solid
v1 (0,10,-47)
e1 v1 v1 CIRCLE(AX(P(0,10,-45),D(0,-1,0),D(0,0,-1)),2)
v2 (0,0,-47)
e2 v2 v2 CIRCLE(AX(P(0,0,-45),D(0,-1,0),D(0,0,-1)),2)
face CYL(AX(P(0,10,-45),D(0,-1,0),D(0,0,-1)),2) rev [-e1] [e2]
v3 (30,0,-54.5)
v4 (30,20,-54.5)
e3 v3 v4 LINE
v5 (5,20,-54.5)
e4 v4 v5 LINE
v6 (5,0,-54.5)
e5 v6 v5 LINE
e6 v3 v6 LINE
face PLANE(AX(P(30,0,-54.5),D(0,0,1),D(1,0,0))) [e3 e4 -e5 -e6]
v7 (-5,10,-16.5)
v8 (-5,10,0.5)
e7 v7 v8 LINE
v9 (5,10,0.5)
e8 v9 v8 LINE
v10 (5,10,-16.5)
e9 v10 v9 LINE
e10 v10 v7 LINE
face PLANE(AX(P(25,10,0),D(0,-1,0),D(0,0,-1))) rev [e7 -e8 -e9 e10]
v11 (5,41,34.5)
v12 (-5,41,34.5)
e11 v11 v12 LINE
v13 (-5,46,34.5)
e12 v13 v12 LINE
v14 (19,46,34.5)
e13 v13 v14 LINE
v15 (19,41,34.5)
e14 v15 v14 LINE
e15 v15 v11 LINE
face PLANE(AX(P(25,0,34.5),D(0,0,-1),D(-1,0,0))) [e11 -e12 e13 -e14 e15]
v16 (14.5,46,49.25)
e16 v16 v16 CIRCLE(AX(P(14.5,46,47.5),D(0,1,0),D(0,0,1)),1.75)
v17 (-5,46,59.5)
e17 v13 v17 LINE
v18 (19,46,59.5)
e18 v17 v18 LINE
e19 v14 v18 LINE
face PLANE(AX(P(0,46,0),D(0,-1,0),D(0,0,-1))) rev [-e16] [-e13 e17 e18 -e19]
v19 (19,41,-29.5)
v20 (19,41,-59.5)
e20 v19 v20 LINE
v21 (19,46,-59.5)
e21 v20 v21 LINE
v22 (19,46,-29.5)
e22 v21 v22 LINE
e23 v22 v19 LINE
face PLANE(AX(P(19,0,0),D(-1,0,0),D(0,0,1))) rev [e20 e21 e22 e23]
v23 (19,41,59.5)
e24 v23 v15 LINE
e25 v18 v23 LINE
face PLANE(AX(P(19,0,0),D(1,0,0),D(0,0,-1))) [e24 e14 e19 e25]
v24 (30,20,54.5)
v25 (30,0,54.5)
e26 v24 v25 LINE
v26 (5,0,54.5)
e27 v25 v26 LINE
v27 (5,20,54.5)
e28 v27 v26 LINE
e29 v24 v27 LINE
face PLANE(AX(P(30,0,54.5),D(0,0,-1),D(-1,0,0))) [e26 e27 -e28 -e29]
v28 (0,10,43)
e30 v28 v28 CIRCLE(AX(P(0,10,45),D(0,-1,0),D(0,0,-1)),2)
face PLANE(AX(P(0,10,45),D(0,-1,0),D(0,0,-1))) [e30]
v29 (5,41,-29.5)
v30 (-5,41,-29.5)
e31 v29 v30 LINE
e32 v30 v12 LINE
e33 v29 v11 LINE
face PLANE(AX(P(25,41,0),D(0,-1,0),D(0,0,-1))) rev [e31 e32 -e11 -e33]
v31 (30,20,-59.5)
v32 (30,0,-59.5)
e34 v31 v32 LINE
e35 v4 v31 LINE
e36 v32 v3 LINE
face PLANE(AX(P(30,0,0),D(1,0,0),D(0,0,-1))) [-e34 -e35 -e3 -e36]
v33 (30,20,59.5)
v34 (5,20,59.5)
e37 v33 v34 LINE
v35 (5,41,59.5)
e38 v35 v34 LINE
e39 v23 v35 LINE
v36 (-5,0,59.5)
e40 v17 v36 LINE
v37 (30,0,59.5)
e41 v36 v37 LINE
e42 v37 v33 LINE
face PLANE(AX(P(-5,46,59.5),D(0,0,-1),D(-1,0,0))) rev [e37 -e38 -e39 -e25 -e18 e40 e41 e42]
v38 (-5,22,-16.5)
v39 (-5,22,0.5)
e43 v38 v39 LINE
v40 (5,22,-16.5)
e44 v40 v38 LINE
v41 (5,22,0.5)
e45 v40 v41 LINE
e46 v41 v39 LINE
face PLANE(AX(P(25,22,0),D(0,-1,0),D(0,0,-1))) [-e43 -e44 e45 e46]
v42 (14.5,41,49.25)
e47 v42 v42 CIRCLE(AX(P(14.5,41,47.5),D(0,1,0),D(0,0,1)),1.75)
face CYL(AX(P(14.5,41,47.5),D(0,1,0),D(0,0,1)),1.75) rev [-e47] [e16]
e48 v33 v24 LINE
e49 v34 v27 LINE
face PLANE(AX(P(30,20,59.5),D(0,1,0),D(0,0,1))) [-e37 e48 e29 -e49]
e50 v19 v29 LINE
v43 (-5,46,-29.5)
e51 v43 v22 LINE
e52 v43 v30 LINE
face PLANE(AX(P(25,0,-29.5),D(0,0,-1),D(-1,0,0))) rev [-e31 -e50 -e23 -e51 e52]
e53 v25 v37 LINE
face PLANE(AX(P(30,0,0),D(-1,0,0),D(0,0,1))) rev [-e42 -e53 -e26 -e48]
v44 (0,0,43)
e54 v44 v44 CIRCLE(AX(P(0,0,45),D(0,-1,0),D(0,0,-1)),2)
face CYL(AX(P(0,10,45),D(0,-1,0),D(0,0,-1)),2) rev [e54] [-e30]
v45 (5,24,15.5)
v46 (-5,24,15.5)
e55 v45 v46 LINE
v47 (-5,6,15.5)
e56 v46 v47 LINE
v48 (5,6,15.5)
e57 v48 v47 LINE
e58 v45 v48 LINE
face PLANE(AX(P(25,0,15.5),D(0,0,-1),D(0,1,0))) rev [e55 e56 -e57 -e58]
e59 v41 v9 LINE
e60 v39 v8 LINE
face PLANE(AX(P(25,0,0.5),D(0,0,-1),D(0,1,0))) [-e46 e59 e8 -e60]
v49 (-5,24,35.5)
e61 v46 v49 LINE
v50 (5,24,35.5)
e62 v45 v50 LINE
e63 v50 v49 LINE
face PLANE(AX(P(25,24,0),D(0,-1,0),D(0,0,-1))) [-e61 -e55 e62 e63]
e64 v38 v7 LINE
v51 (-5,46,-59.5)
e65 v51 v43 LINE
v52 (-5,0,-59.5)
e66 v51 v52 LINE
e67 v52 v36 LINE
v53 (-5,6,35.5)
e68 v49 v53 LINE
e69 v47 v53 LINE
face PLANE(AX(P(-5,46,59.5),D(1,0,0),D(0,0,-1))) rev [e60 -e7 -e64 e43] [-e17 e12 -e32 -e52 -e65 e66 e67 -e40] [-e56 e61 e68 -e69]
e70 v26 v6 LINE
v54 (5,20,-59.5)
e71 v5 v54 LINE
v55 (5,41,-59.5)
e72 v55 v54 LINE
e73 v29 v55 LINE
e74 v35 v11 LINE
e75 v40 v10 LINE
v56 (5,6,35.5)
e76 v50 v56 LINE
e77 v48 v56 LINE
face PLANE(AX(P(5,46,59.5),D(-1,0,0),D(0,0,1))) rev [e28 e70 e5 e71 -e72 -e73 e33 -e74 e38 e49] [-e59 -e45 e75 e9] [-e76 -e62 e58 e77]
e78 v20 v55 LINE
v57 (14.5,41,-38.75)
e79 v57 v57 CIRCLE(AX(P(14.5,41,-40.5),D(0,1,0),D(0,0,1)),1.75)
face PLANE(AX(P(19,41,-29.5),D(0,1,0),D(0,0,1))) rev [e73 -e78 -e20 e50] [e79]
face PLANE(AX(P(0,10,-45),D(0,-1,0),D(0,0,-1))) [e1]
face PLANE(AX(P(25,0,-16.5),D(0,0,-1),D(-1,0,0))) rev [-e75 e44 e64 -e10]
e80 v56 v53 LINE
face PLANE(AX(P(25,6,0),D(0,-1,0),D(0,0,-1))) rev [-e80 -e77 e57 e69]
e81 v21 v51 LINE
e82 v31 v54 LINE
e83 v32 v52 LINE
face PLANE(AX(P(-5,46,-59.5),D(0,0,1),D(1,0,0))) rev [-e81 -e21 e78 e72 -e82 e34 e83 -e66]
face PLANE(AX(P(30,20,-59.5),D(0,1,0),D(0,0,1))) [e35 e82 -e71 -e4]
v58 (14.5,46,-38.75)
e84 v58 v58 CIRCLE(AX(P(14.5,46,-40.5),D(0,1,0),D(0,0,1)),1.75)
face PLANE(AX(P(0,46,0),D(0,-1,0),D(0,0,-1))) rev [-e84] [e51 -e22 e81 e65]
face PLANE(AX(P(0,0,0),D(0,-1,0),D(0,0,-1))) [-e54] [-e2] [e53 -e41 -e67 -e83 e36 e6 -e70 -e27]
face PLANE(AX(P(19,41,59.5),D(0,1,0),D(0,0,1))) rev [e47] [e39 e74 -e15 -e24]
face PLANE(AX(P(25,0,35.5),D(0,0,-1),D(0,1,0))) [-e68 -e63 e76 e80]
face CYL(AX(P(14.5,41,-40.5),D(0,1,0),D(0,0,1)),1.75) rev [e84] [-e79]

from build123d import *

# Parameters (mm, degrees)
SKETCH1_W      = 10
SKETCH1_H      = 119
EXTRUDE1_DEPTH = 46
SKETCH2_W      = 5
SKETCH2_H      = 20
EXTRUDE2_DEPTH = 35
SKETCH3_W      = 64
SKETCH3_H      = 5
SKETCH3_W_2    = 17
SKETCH3_H_2    = 12
SKETCH3_W_3    = 20
SKETCH3_H_3    = 18
EXTRUDE3_DEPTH = 30
SKETCH4_W      = 25
SKETCH4_H      = 5
SKETCH4_W_2    = 30
EXTRUDE4_DEPTH = 14
SKETCH5_R      = 1.75
EXTRUDE5_DEPTH = 5
SKETCH7_R      = 2
EXTRUDE6_DEPTH = 10


with BuildPart() as part:
    # Sketch1 → Extrude1 (new body)
    with BuildSketch(Plane(origin=(0, 0, 0), x_dir=(1, 0, 0), z_dir=(0, 1, 0))):
        Rectangle(SKETCH1_W, SKETCH1_H)
    extrude(amount=EXTRUDE1_DEPTH)

    # Sketch2 → Extrude2 (add)
    with BuildSketch(Plane.ZY.offset(5)):
        with Locations((-57, 10)):
            Rectangle(SKETCH2_W, SKETCH2_H)
        with Locations((57, 10)):
            Rectangle(SKETCH2_W, SKETCH2_H)
    extrude(amount=-EXTRUDE2_DEPTH)

    # Sketch3 → Extrude3 (cut)
    with BuildSketch(Plane.ZY.offset(5)):
        with Locations((2.5, 43.5)):
            Rectangle(SKETCH3_W, SKETCH3_H)
        with Locations((-8, 16)):
            Rectangle(SKETCH3_W_2, SKETCH3_H_2)
        with Locations((25.5, 15)):
            Rectangle(SKETCH3_W_3, SKETCH3_H_3)
    extrude(amount=-EXTRUDE3_DEPTH, mode=Mode.SUBTRACT)

    # Sketch4 → Extrude4 (add)
    with BuildSketch(Plane(origin=(5, 0, 0), x_dir=(0, 0, -1), z_dir=(1, 0, 0))):
        with Locations((-47, 43.5)):
            Rectangle(SKETCH4_W, SKETCH4_H)
        with Locations((44.5, 43.5)):
            Rectangle(SKETCH4_W_2, SKETCH4_H)
    extrude(amount=EXTRUDE4_DEPTH)

    # Sketch5 → Extrude5 (cut)
    with BuildSketch(Plane(origin=(0, 46, 0), x_dir=(1, 0, 0), z_dir=(0, 1, 0))):
        with Locations(Location((14.5, -47.5, 0), (0, 0, 270))):
            Circle(SKETCH5_R)
        with Locations(Location((14.5, 40.5, 0), (0, 0, 270))):
            Circle(SKETCH5_R)
    extrude(amount=-EXTRUDE5_DEPTH, mode=Mode.SUBTRACT)

    # Sketch7 → Extrude6 (cut)
    with BuildSketch(Plane.XZ):
        with Locations(Location((0, 45, 0), (0, 0, 270))):
            Circle(SKETCH7_R)
        with Locations(Location((0, -45, 0), (0, 0, 270))):
            Circle(SKETCH7_R)
    extrude(amount=-EXTRUDE6_DEPTH, mode=Mode.SUBTRACT)


solid = part.part
